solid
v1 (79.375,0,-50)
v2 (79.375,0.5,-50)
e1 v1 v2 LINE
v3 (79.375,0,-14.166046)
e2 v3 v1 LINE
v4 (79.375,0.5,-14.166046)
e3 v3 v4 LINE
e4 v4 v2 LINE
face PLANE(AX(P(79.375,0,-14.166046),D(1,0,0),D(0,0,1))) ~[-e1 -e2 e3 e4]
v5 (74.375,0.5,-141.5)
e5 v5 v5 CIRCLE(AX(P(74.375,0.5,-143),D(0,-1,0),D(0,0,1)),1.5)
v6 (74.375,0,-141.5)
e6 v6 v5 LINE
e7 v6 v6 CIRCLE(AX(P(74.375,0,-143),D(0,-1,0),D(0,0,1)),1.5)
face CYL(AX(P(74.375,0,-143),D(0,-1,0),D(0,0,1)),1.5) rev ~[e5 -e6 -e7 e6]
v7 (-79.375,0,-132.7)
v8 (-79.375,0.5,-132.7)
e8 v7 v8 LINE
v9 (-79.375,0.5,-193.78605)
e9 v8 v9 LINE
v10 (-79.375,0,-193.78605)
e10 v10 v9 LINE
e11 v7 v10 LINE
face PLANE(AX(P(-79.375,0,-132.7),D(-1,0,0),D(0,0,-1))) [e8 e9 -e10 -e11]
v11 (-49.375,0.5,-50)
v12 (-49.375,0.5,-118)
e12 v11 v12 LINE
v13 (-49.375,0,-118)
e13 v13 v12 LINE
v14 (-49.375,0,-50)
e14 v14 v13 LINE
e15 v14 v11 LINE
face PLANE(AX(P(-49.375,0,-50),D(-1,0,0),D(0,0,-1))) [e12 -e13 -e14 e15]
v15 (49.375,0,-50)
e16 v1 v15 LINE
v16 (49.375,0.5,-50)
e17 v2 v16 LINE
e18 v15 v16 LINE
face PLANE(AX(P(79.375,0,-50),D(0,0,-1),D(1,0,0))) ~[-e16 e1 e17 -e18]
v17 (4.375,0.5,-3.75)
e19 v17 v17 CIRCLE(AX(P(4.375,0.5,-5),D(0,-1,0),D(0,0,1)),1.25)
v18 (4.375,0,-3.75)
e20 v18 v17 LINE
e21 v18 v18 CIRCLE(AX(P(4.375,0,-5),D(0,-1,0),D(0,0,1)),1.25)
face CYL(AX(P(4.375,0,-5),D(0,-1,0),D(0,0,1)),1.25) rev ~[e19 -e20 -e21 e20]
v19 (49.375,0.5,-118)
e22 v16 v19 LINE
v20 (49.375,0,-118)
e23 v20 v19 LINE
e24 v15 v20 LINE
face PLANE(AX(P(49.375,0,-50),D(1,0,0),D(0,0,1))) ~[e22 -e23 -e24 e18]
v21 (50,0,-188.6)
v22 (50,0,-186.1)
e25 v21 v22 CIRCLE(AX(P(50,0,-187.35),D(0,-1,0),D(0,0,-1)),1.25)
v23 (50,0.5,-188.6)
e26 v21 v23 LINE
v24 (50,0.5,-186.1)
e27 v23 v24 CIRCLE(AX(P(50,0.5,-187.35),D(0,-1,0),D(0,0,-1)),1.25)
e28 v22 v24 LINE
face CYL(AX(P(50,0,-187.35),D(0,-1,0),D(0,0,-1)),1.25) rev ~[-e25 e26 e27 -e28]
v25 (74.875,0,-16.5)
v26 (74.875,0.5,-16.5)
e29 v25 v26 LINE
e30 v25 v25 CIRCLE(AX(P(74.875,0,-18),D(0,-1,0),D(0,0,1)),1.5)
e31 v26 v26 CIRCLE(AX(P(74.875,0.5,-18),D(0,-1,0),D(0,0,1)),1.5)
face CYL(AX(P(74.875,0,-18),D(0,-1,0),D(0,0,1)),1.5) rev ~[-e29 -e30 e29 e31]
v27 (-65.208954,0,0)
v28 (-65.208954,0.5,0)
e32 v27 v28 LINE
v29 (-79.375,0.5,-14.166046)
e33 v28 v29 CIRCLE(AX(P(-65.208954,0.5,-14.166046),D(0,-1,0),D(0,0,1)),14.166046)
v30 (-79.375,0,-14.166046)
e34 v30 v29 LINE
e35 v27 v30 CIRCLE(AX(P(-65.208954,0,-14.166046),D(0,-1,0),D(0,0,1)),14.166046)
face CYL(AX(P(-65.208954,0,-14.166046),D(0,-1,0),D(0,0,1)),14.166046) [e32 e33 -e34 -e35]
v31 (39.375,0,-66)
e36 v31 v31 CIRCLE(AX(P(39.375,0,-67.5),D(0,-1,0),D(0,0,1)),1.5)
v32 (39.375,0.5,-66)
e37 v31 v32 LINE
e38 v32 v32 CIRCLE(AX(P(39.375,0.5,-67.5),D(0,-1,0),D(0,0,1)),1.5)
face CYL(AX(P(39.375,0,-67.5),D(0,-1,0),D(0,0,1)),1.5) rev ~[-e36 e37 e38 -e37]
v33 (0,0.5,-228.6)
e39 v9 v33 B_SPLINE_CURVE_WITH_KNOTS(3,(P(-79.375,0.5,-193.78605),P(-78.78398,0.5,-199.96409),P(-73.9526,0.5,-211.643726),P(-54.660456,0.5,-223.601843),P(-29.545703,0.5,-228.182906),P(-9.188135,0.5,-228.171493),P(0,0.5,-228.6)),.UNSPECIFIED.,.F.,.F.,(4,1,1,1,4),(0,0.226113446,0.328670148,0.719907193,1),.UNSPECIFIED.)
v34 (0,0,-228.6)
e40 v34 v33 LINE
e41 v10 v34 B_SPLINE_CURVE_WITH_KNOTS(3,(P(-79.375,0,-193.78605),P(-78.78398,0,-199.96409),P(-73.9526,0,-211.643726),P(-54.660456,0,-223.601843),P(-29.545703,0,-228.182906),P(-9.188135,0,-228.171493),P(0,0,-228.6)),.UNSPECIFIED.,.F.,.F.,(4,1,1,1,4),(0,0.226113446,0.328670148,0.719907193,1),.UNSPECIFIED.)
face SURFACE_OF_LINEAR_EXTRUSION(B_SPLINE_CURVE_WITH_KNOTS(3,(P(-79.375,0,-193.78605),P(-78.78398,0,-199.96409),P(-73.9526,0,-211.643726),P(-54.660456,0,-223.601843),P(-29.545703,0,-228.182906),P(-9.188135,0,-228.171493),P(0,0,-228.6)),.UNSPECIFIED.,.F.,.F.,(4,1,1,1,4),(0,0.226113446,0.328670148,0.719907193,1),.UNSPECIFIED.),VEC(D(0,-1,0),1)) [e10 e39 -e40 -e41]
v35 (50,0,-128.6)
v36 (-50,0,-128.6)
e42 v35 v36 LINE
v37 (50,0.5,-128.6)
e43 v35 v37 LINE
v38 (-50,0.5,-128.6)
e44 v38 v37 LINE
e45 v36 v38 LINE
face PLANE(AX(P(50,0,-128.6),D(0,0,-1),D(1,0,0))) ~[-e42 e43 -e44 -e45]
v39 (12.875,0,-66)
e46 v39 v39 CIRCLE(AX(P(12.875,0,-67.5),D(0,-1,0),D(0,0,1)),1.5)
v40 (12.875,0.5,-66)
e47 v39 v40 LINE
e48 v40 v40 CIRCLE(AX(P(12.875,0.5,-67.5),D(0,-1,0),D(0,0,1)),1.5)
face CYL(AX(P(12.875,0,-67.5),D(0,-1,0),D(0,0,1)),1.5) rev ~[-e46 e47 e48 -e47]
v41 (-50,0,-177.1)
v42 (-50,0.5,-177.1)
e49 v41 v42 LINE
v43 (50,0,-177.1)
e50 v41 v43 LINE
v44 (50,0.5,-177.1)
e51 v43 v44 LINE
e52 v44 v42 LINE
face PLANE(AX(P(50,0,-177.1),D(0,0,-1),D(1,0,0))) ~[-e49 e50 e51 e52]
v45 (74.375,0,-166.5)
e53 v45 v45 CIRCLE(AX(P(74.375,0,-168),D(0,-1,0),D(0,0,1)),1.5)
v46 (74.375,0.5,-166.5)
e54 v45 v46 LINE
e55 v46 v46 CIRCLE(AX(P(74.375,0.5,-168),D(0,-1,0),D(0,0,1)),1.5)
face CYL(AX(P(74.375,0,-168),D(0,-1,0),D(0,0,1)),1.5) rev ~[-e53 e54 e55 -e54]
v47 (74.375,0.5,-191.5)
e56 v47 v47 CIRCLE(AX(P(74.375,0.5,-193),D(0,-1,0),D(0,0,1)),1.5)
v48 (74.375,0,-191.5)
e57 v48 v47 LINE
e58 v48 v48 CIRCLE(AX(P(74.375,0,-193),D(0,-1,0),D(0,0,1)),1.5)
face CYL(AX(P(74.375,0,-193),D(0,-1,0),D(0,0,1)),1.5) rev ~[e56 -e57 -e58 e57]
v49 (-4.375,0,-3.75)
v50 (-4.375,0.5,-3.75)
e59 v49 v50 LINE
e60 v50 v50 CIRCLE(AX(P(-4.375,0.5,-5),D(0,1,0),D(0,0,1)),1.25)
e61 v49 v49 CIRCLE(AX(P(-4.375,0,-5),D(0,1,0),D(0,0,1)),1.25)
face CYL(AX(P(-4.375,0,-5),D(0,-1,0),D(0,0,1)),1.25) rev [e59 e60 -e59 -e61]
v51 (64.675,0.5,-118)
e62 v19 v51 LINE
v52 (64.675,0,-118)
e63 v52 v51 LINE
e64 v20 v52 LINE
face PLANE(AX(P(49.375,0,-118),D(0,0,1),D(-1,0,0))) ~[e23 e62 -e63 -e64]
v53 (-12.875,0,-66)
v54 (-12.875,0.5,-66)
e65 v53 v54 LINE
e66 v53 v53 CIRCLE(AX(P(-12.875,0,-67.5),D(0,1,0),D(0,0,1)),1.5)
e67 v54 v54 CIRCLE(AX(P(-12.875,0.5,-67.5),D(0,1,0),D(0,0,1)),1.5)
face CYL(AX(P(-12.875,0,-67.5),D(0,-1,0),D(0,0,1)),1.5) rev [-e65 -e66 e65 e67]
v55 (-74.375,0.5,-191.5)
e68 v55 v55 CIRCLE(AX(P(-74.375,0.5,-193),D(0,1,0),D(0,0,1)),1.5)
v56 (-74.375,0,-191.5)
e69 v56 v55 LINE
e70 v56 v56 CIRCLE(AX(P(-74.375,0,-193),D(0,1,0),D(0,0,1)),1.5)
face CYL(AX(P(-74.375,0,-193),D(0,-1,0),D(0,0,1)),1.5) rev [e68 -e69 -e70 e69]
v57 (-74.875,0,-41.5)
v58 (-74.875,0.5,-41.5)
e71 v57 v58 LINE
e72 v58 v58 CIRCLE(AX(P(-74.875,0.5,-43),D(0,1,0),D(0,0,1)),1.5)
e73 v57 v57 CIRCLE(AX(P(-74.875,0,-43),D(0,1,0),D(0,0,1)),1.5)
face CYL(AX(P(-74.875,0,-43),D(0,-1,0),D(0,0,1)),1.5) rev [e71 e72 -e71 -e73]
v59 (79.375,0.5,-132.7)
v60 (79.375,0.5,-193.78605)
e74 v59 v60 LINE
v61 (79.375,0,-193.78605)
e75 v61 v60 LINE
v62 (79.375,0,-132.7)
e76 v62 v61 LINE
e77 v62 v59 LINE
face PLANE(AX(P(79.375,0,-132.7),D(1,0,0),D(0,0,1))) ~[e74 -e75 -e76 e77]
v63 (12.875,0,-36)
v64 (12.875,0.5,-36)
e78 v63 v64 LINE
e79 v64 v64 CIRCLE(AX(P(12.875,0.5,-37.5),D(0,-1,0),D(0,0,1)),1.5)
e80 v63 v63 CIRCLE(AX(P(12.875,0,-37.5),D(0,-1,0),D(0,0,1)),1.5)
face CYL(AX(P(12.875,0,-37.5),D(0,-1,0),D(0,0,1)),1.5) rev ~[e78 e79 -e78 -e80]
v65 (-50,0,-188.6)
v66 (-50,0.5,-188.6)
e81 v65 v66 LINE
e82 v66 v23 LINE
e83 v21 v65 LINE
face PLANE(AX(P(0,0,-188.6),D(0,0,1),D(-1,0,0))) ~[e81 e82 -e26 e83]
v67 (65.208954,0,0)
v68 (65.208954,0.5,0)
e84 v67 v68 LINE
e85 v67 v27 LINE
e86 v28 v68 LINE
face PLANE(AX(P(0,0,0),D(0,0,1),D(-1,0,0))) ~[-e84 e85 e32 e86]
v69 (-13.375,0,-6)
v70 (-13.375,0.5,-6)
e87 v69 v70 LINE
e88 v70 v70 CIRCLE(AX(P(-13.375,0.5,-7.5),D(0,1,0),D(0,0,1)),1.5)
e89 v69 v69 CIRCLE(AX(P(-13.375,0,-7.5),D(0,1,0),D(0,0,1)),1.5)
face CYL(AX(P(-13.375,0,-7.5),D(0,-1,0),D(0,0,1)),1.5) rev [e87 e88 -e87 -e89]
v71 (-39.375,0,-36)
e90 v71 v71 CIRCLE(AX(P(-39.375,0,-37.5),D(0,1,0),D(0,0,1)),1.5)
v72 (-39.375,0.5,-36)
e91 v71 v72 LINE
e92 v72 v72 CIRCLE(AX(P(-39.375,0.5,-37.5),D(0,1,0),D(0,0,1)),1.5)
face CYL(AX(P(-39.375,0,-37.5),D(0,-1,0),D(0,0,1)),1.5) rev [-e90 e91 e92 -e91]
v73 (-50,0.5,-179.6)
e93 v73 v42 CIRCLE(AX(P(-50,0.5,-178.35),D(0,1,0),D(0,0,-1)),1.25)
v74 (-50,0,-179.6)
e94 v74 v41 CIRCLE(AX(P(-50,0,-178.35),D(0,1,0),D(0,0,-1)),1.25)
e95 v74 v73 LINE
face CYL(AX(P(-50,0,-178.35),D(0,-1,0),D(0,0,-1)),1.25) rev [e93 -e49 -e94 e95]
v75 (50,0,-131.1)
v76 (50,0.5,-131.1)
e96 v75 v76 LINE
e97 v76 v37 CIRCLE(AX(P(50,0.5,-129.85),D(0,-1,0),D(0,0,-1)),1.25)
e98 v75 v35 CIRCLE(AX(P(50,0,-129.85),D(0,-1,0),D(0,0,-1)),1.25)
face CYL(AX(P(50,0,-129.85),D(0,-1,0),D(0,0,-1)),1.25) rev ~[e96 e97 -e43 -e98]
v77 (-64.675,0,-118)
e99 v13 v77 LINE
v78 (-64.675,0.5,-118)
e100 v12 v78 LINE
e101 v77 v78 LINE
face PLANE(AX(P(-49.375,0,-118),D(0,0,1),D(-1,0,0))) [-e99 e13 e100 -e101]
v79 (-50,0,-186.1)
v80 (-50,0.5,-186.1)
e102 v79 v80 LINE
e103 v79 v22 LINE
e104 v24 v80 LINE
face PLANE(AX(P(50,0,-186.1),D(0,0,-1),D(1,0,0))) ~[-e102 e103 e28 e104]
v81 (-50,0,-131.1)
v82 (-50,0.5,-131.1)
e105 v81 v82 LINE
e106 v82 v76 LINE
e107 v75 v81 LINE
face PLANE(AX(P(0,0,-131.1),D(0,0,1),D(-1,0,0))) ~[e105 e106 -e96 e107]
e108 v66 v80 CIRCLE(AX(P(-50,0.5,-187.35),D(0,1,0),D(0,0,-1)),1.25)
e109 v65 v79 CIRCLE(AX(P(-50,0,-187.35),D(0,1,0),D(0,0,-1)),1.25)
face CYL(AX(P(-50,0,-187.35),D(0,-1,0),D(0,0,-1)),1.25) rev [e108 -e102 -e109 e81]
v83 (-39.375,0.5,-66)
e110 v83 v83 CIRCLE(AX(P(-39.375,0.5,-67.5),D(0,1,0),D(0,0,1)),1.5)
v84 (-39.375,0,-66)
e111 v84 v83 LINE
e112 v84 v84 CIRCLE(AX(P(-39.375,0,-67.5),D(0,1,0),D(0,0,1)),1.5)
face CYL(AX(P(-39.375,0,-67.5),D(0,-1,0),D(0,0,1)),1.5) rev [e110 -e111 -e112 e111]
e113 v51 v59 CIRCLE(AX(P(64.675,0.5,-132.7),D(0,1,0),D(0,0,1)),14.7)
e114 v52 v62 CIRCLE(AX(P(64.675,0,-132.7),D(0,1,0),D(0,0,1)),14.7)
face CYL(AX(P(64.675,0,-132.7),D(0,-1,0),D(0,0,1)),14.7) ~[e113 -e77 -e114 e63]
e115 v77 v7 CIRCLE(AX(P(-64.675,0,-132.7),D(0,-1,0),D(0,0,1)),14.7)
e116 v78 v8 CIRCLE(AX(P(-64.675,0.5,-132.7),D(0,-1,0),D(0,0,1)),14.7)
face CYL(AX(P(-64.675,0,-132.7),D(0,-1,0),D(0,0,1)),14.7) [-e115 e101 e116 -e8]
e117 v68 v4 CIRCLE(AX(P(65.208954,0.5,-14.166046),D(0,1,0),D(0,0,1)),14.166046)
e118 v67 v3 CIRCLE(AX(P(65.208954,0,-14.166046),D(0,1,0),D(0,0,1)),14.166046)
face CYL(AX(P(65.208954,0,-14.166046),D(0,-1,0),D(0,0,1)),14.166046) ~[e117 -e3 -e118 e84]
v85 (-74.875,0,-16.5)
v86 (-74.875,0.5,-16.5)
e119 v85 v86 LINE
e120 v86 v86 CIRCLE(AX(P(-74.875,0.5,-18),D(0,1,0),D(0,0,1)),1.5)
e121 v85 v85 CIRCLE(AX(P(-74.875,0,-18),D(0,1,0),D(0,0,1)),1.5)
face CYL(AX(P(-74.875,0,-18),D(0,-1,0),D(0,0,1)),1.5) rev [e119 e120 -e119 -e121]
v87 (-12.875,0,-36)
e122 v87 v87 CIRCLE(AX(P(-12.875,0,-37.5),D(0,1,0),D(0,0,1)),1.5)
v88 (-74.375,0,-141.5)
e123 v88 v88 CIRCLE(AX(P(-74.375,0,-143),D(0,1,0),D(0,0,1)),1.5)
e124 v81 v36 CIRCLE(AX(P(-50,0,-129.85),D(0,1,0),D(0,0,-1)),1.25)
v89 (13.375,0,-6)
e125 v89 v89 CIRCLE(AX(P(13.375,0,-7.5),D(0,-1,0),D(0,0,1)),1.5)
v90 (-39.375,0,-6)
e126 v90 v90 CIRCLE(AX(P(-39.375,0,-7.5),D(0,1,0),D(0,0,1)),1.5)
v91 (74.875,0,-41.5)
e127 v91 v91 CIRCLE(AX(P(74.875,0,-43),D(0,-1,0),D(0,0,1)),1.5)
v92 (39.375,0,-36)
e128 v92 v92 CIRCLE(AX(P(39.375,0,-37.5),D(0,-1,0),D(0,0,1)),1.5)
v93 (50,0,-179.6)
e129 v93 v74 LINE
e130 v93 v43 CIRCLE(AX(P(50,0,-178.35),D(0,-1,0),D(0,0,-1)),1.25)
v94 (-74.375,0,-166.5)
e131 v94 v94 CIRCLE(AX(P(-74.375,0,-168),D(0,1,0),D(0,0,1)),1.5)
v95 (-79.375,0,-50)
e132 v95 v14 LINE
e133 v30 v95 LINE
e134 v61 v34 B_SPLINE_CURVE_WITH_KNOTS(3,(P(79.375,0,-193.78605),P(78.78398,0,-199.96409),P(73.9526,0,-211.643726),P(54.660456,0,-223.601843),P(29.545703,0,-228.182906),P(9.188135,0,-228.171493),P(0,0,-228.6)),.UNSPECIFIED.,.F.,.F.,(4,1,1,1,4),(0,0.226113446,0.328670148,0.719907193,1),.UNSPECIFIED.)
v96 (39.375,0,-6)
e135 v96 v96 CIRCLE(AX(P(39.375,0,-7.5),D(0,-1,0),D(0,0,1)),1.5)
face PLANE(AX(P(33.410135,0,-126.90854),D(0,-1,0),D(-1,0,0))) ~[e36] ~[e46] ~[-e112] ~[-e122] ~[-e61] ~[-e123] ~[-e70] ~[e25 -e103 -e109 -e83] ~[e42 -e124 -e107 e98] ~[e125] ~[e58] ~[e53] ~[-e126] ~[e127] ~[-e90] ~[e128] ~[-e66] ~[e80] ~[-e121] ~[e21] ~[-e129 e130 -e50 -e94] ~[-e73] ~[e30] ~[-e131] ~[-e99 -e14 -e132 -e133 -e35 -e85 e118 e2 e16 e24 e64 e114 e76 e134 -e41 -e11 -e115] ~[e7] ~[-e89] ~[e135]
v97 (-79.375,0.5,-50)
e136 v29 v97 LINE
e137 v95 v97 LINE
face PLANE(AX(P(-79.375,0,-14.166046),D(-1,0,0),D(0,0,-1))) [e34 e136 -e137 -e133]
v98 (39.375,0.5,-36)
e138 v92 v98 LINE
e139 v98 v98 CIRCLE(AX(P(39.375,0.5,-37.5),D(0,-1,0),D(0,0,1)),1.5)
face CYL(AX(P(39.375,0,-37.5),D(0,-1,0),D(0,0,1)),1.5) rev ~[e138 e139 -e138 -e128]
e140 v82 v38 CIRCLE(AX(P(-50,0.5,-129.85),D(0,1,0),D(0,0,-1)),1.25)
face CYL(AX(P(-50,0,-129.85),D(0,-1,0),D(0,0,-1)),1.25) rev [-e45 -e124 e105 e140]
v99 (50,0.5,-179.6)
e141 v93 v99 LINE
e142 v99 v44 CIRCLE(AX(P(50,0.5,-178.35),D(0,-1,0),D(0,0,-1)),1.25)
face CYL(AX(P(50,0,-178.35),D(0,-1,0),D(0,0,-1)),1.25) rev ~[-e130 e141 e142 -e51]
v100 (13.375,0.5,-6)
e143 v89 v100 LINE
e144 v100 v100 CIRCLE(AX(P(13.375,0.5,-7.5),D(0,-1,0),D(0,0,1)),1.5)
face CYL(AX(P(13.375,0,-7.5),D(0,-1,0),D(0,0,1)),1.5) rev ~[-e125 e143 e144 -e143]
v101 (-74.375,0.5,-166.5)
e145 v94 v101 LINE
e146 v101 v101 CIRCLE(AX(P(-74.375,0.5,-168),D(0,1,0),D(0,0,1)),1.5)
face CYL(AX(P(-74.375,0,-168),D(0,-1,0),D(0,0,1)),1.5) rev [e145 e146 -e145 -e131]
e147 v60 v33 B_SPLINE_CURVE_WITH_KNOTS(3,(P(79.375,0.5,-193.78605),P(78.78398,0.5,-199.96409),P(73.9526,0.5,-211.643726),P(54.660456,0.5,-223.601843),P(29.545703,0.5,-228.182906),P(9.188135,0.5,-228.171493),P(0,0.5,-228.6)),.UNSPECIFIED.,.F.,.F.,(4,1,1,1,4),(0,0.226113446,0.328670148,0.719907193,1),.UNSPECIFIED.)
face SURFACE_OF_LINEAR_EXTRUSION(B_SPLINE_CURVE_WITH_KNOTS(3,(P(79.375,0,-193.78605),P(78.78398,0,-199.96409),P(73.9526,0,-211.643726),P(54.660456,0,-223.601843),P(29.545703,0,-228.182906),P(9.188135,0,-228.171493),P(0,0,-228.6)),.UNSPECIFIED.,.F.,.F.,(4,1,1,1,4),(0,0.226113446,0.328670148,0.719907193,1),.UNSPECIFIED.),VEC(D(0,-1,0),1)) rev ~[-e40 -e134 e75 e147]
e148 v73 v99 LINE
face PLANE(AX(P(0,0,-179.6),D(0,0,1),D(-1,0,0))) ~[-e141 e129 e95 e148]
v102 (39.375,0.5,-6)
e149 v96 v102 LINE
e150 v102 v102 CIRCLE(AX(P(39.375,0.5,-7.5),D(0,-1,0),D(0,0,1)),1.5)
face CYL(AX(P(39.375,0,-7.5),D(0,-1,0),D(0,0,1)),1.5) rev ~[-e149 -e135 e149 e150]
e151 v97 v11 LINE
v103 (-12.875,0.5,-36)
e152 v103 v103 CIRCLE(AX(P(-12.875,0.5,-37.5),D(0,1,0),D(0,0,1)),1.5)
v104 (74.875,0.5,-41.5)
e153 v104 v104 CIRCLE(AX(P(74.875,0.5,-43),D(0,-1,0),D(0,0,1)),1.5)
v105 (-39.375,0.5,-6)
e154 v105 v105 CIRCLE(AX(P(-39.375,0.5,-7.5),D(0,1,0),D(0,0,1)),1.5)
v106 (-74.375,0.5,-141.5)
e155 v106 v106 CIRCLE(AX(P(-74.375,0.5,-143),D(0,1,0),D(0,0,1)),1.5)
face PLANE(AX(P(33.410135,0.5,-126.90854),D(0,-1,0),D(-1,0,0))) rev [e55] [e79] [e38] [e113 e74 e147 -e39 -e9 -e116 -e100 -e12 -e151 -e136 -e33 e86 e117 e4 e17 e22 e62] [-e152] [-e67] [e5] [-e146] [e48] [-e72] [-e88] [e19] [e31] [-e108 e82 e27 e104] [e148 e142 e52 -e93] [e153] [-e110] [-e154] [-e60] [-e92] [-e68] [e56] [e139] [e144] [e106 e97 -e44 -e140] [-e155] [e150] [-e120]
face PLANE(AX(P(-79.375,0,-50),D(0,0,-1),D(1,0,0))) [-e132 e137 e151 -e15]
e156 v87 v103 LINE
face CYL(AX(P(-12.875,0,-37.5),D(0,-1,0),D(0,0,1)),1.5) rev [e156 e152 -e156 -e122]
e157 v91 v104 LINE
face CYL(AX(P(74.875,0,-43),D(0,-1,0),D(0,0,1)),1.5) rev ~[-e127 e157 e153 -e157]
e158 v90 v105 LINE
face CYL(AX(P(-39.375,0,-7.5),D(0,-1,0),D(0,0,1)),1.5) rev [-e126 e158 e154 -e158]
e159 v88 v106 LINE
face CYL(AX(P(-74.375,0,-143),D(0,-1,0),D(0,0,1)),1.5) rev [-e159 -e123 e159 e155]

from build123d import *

# Parameters (mm, degrees)
SKETCH4_R           = 1.5
SKETCH4_R_2         = 1.25
BOSS_EXTRUDE2_DEPTH = 0.5


with BuildPart() as part:
    # Sketch4 → Boss-Extrude2 (new body)
    with BuildSketch(Plane(origin=(0, 0, 0), x_dir=(1, 0, 0), z_dir=(0, 1, 0))):
        with BuildLine():
            Line((0, 128.6), (0, 0))
            Line((0, 0), (-65.208953904, 0))
            ThreePointArc((-65.208953904, 0), (-75.225861161, 4.149138839), (-79.375, 14.166046096))
            Line((-79.375, 14.166046096), (-79.375, 50))
            Line((-79.375, 50), (-49.375, 50))
            Line((-49.375, 50), (-49.375, 118))
            Line((-49.375, 118), (-64.675, 118))
            ThreePointArc((-64.675, 118), (-75.069469683, 122.305530317), (-79.375, 132.7))
            Line((-79.375, 132.7), (-79.375, 193.786049975))
            add(Edge.make_bspline(
                [(-79.375, 193.786049975), (-78.783979858, 199.964089634), (-73.952599984, 211.643726286), (-54.660456042, 223.601842558), (-29.545703417, 228.182905558), (-9.188135392, 228.171492971), (0, 228.6)],
                knots=[0, 0, 0, 0, 0.226113446, 0.328670148, 0.719907193, 1, 1, 1, 1], degree=3))
            Line((0, 228.6), (0, 188.6))
            Line((0, 188.6), (-50, 188.6))
            ThreePointArc((-50, 188.6), (-51.25, 187.35), (-50, 186.1))
            Line((-50, 186.1), (0, 186.1))
            Line((0, 186.1), (0, 179.6))
            Line((0, 179.6), (-50, 179.6))
            ThreePointArc((-50, 179.6), (-51.25, 178.35), (-50, 177.1))
            Line((-50, 177.1), (0, 177.1))
            Line((0, 177.1), (0, 131.1))
            Line((0, 131.1), (-50, 131.1))
            ThreePointArc((-50, 131.1), (-51.25, 129.85), (-50, 128.6))
            Line((-50, 128.6), (0, 128.6))
        make_face()
        with Locations(Location((-74.875, 43, 0), (0, 0, 270))):
            Circle(SKETCH4_R, mode=Mode.SUBTRACT)
        with Locations(Location((-74.875, 18, 0), (0, 0, 270))):
            Circle(SKETCH4_R, mode=Mode.SUBTRACT)
        with Locations(Location((-39.375, 7.5, 0), (0, 0, 270))):
            Circle(SKETCH4_R, mode=Mode.SUBTRACT)
        with Locations(Location((-13.375, 7.5, 0), (0, 0, 270))):
            Circle(SKETCH4_R, mode=Mode.SUBTRACT)
        with Locations(Location((-4.375, 5, 0), (0, 0, 270))):
            Circle(SKETCH4_R_2, mode=Mode.SUBTRACT)
        with Locations(Location((-74.375, 143, 0), (0, 0, 270))):
            Circle(SKETCH4_R, mode=Mode.SUBTRACT)
        with Locations(Location((-74.375, 168, 0), (0, 0, 270))):
            Circle(SKETCH4_R, mode=Mode.SUBTRACT)
        with Locations(Location((-74.375, 193, 0), (0, 0, 270))):
            Circle(SKETCH4_R, mode=Mode.SUBTRACT)
        with Locations(Location((-39.375, 37.5, 0), (0, 0, 270))):
            Circle(SKETCH4_R, mode=Mode.SUBTRACT)
        with Locations(Location((-39.375, 67.5, 0), (0, 0, 270))):
            Circle(SKETCH4_R, mode=Mode.SUBTRACT)
        with Locations(Location((-12.875, 37.5, 0), (0, 0, 270))):
            Circle(SKETCH4_R, mode=Mode.SUBTRACT)
        with Locations(Location((-12.875, 67.5, 0), (0, 0, 270))):
            Circle(SKETCH4_R, mode=Mode.SUBTRACT)
    boss_extrude2 = extrude(amount=BOSS_EXTRUDE2_DEPTH)

    # Mirror4: part across plane


with BuildPart() as part_1:
    add(part.part)
    add(part.part.mirror(Plane(origin=(0, 0.5, -177.1), x_dir=(0, 0, 1), z_dir=(-1, 0, 0))))


with BuildPart() as mirror2_1:
    # Mirror2: Boss-Extrude2 across Right Plane
    add(boss_extrude2.mirror(Plane(origin=(0, 0, 0), x_dir=(0, 0, -1), z_dir=(1, 0, 0))))


with BuildPart() as part_2:
    add(part_1.part)

    # Mirror2 united with what the copies touc: union Mirror2_1
    add(mirror2_1.part)


solid = part_2.part
